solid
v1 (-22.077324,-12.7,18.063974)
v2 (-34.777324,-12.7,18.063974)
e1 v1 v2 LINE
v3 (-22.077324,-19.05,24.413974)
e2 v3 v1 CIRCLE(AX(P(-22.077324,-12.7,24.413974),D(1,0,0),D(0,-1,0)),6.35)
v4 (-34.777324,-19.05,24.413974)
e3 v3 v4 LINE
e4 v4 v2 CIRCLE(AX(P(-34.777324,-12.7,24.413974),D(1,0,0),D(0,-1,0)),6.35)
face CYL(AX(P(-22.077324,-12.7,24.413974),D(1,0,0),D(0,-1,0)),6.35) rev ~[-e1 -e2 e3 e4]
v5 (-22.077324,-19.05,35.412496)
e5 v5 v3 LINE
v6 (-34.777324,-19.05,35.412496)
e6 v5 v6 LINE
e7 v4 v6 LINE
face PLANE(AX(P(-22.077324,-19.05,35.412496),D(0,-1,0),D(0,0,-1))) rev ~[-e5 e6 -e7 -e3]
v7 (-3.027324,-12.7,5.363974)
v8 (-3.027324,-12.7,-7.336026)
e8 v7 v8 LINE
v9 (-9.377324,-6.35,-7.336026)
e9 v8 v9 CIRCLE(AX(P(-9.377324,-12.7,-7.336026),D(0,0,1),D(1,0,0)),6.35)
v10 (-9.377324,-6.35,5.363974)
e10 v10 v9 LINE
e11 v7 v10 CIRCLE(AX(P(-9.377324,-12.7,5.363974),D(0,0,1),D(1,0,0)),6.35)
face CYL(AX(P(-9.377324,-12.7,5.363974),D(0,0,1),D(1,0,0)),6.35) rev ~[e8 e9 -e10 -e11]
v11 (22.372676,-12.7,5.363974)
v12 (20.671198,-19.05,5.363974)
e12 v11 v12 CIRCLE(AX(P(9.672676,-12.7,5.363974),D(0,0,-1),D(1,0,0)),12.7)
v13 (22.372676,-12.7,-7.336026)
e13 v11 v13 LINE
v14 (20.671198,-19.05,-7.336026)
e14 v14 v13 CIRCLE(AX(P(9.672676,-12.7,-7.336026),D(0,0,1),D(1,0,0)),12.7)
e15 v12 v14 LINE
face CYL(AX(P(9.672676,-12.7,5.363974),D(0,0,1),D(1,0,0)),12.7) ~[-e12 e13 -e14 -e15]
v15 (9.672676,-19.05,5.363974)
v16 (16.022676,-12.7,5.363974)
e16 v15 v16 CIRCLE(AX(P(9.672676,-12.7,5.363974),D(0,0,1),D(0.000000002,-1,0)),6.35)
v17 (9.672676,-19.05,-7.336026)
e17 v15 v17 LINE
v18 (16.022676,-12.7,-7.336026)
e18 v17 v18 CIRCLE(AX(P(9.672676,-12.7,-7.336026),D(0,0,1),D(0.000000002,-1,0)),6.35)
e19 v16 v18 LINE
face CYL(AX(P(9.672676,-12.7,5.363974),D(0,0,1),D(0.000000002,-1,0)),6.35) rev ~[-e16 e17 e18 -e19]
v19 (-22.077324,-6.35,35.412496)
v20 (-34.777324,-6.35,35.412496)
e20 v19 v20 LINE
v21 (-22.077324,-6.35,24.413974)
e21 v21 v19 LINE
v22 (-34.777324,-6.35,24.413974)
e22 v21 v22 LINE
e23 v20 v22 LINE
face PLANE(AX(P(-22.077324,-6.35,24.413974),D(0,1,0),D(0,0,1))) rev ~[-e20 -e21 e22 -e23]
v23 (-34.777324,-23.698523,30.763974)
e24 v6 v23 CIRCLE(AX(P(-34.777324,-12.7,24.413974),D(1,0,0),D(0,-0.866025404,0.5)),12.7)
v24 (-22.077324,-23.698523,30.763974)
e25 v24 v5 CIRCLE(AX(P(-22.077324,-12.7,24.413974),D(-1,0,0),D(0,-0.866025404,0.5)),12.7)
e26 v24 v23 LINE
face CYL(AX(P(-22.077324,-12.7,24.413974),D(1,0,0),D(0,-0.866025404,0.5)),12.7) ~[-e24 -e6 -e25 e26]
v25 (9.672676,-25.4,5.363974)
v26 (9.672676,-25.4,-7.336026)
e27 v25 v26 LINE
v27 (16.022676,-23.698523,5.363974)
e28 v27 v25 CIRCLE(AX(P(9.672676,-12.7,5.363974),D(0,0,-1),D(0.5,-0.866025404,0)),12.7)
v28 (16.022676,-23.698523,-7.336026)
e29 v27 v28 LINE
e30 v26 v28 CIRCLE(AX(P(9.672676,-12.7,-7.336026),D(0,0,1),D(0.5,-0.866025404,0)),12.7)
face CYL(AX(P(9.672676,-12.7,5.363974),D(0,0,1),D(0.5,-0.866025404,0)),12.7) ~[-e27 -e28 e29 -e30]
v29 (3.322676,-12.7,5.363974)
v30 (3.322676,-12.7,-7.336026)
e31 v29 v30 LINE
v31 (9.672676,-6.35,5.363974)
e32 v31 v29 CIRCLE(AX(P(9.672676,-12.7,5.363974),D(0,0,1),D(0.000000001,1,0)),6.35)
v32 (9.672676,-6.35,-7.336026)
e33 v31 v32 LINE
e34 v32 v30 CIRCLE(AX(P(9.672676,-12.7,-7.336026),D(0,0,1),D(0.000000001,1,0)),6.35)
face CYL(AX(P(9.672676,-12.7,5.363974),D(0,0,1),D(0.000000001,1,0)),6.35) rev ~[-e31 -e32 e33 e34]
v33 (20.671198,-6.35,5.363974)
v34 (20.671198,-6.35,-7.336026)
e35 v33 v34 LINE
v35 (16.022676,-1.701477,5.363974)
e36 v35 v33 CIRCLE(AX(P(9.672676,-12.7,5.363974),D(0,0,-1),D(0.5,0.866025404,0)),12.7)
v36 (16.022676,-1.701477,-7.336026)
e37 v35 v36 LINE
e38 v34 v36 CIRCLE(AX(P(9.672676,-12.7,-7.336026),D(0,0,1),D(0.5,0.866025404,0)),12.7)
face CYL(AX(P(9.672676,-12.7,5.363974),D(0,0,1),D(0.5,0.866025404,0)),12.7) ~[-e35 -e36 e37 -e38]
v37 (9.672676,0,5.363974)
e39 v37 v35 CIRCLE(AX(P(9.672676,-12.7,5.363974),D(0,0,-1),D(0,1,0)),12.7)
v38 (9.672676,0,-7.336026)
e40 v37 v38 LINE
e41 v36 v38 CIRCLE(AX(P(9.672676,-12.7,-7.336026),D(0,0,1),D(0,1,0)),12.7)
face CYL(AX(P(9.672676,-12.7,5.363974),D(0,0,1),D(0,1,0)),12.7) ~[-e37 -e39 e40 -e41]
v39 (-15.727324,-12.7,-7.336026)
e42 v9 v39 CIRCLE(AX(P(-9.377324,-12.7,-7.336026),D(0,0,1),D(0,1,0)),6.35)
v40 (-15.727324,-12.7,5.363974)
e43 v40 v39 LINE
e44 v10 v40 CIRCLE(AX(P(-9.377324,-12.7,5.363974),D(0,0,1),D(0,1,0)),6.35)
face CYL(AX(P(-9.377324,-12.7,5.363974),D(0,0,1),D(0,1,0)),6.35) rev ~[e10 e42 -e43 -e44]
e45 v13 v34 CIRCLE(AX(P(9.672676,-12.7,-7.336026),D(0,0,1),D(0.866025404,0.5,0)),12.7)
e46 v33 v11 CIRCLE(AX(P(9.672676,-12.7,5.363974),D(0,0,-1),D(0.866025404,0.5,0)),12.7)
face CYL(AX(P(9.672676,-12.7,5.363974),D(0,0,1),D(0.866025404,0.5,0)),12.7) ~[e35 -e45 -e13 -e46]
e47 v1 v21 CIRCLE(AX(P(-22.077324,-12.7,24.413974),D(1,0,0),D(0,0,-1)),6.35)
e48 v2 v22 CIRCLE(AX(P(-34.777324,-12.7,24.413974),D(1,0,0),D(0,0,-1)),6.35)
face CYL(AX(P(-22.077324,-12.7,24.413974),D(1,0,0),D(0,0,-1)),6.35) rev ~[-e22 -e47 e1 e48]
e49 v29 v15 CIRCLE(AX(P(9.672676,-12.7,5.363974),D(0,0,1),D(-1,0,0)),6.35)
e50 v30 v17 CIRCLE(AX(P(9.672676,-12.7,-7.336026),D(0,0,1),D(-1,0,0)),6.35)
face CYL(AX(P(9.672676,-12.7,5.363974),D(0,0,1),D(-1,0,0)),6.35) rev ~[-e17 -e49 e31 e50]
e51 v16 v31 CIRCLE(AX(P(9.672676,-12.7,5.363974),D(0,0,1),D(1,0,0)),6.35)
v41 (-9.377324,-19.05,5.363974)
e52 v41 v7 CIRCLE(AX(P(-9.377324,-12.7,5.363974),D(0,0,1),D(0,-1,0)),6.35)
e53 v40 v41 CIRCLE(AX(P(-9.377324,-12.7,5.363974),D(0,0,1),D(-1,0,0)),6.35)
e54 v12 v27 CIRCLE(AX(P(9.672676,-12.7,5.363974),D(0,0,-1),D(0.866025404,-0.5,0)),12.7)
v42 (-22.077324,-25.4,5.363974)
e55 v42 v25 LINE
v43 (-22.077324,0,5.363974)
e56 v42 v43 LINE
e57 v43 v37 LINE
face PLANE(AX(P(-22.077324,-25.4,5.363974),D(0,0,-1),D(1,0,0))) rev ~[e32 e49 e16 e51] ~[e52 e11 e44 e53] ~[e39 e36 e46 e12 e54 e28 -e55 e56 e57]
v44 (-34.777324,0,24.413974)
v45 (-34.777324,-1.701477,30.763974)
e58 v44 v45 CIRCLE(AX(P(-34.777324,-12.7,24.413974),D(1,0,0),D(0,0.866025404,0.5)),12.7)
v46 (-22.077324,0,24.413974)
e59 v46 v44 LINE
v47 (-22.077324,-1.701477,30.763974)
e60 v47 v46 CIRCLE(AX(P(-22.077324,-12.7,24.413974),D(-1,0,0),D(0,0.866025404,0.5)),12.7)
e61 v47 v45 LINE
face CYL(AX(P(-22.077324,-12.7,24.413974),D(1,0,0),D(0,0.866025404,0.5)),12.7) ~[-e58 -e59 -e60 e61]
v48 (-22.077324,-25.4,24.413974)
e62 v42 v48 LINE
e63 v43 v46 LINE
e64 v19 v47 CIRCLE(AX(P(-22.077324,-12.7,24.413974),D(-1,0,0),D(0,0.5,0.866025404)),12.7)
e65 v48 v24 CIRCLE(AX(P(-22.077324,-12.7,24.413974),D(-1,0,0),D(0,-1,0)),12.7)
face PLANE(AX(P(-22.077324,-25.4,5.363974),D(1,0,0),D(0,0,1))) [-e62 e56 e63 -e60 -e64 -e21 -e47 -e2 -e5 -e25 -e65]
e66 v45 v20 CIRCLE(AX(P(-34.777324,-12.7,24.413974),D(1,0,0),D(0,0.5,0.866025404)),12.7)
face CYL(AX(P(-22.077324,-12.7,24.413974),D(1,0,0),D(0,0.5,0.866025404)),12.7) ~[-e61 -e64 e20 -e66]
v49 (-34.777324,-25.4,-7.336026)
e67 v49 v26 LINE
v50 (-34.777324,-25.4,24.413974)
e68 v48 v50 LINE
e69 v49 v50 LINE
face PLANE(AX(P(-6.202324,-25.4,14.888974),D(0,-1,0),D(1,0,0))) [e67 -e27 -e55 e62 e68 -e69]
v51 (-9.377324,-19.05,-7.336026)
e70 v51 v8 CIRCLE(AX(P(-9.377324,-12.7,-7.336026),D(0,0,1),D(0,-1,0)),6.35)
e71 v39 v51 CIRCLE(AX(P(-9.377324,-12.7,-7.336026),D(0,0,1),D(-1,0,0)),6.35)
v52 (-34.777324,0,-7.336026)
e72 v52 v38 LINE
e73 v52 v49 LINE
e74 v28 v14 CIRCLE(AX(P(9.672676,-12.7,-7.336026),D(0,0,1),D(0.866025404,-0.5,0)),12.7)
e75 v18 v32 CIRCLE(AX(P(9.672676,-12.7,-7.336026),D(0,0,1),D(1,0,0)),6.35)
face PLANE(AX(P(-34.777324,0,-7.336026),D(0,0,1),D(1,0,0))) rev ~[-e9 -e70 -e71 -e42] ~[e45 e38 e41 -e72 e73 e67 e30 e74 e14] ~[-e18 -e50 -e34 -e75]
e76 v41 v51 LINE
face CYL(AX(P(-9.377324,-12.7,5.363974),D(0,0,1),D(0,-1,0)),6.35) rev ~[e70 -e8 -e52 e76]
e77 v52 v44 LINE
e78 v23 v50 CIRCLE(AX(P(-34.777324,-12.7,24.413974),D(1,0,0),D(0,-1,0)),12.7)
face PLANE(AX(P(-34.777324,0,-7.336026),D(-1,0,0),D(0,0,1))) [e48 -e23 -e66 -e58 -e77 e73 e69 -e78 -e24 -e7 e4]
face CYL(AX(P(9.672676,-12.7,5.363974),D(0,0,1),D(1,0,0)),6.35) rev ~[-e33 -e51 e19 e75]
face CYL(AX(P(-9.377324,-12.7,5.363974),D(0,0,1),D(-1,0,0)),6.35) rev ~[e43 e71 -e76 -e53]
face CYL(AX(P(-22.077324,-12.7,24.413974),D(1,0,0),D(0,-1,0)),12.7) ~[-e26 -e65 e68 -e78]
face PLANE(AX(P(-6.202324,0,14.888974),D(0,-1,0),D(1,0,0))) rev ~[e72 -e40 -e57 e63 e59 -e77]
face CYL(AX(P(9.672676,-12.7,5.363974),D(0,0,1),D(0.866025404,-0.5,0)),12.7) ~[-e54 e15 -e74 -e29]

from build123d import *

# Parameters (mm, degrees)
F0_W     = 57.15
F0_H     = 44.45
F1_DEPTH = 25.4
F2_W     = 44.45
F2_H     = 31.75
F3_DEPTH = 25.401
F5_DEPTH = 12.701
F7_DEPTH = 25.4


with BuildPart() as f1:
    # F0 (on Front) → F1 (new body)
    with BuildSketch(Plane.XZ):
        with Locations((-6.2023242936, 14.8889736688)):
            Rectangle(F0_W, F0_H)
    extrude(amount=F1_DEPTH)

    # F2 (on face) → F3 (cut, through all)
    with BuildSketch(Plane.XZ.offset(25.4)):
        with Locations((0.1476757064, 21.2389736688)):
            Rectangle(F2_W, F2_H)
    extrude(amount=-F3_DEPTH, mode=Mode.SUBTRACT)

    # F4 (on face) → F5 (cut, through all)
    with BuildSketch(Plane.XY.offset(5.3639736688)):
        with BuildLine():
            ThreePointArc((16.0226757064, -12.7), (14.1628037685, -8.209871941), (9.6726757108, -6.35))
            Line((9.6726757064, -6.35), (9.6726757064, -12.7))
            Line((9.6726757064, -12.7), (9.6726757064, -19.05))
            ThreePointArc((9.6726757179, -19.05), (14.162803771, -17.1901280565), (16.0226757064, -12.7))
        make_face()
        with BuildLine():
            ThreePointArc((9.6726757108, -6.35), (5.1825476475, -8.2098719379), (3.3226757064, -12.7))
            ThreePointArc((3.3226757064, -12.7), (5.18254765, -17.1901280646), (9.6726757179, -19.05))
            Line((9.6726757064, -19.05), (9.6726757064, -12.7))
            Line((9.6726757064, -12.7), (9.6726757064, -6.35))
        make_face()
        with BuildLine():
            ThreePointArc((-9.3773242936, -6.35), (-13.8674523541, -8.2098719395), (-15.7273242936, -12.7))
            ThreePointArc((-15.7273242936, -12.7), (-13.8674523541, -17.1901280605), (-9.3773242936, -19.05))
            ThreePointArc((-9.3773242936, -19.05), (-4.887196233, -17.1901280605), (-3.0273242936, -12.7))
            ThreePointArc((-3.0273242936, -12.7), (-4.887196233, -8.2098719395), (-9.3773242936, -6.35))
        make_face()
        with BuildLine():
            Line((16.0226757064, 0), (16.0226757064, -1.7014773719))
            ThreePointArc((16.0226757064, -1.7014773719), (18.6529318275, -3.7197438789), (20.6711983345, -6.35))
            Line((20.6711983345, -6.35), (22.3726757064, -6.35))
            Line((22.3726757064, -6.35), (22.3726757064, 0))
            Line((22.3726757064, 0), (16.0226757064, 0))
        make_face()
        with BuildLine():
            Line((16.0226757064, 0), (9.6726757064, 0))
            ThreePointArc((9.6726757064, 0), (12.9596775792, -0.4327420061), (16.0226757064, -1.7014773719))
            Line((16.0226757064, -1.7014773719), (16.0226757064, 0))
        make_face()
        with BuildLine():
            Line((22.3726757064, -6.35), (20.6711983345, -6.35))
            ThreePointArc((20.6711983345, -6.35), (21.9399337003, -9.4129981272), (22.3726757064, -12.7))
            Line((22.3726757064, -12.7), (22.3726757064, -6.35))
        make_face()
        with BuildLine():
            Line((22.3726757064, -19.05), (22.3726757064, -12.7))
            ThreePointArc((22.3726757064, -12.7), (21.9399337003, -15.9870018728), (20.6711983345, -19.05))
            Line((20.6711983345, -19.05), (22.3726757064, -19.05))
        make_face()
        with BuildLine():
            ThreePointArc((20.6711983345, -19.05), (18.6529318275, -21.6802561211), (16.0226757064, -23.6985226281))
            Line((16.0226757064, -23.6985226281), (16.0226757064, -25.4))
            Line((16.0226757064, -25.4), (22.3726757064, -25.4))
            Line((22.3726757064, -25.4), (22.3726757064, -19.05))
            Line((22.3726757064, -19.05), (20.6711983345, -19.05))
        make_face()
        with BuildLine():
            ThreePointArc((16.0226757064, -23.6985226281), (12.9596775792, -24.9672579939), (9.6726757064, -25.4))
            Line((9.6726757064, -25.4), (16.0226757064, -25.4))
            Line((16.0226757064, -25.4), (16.0226757064, -23.6985226281))
        make_face()
    extrude(amount=-F5_DEPTH, mode=Mode.SUBTRACT)

    # F6 (on face) → F7 (cut)
    with BuildSketch(Plane.YZ.offset(-22.0773242936)):
        with BuildLine():
            Line((-19.05, 30.7639736688), (-19.05, 24.4139736688))
            ThreePointArc((-19.05, 24.4139736688), (-17.1901280605, 28.9041017294), (-12.7, 30.7639736688))
            Line((-12.7, 30.7639736688), (-19.05, 30.7639736688))
        make_face()
        with BuildLine():
            Line((-6.35, 30.7639736688), (-12.7, 30.7639736688))
            ThreePointArc((-12.7, 30.7639736688), (-8.2098719395, 28.9041017294), (-6.35, 24.4139736688))
            Line((-6.35, 24.4139736688), (-6.35, 30.7639736688))
        make_face()
        with BuildLine():
            ThreePointArc((-12.7, 30.7639736688), (-17.1901280605, 28.9041017294), (-19.05, 24.4139736688))
            Line((-19.05, 24.4139736688), (-12.7, 24.4139736688))
            Line((-12.7, 24.4139736688), (-6.35, 24.4139736688))
            ThreePointArc((-6.35, 24.4139736688), (-8.2098719395, 28.9041017294), (-12.7, 30.7639736688))
        make_face()
        with BuildLine():
            Line((-19.05, 35.4124962969), (-19.05, 30.7639736688))
            Line((-19.05, 30.7639736688), (-12.7, 30.7639736688))
            Line((-12.7, 30.7639736688), (-6.35, 30.7639736688))
            Line((-6.35, 30.7639736688), (-6.35, 35.4124962969))
            ThreePointArc((-6.35, 35.4124962969), (-9.4129981272, 36.6812316627), (-12.7, 37.1139736688))
            ThreePointArc((-12.7, 37.1139736688), (-15.9870018728, 36.6812316627), (-19.05, 35.4124962969))
        make_face()
        with BuildLine():
            ThreePointArc((-23.6985226281, 30.7639736688), (-21.6802561211, 33.3942297899), (-19.05, 35.4124962969))
            Line((-19.05, 35.4124962969), (-19.05, 37.1139736688))
            Line((-19.05, 37.1139736688), (-25.4, 37.1139736688))
            Line((-25.4, 37.1139736688), (-25.4, 30.7639736688))
            Line((-25.4, 30.7639736688), (-23.6985226281, 30.7639736688))
        make_face()
        with BuildLine():
            ThreePointArc((-1.7014773719, 30.7639736688), (-0.4327420061, 27.7009755416), (0, 24.4139736688))
            Line((0, 24.4139736688), (0, 30.7639736688))
            Line((0, 30.7639736688), (-1.7014773719, 30.7639736688))
        make_face()
        with BuildLine():
            Line((-25.4, 30.7639736688), (-25.4, 24.4139736688))
            ThreePointArc((-25.4, 24.4139736688), (-24.9672579939, 27.7009755416), (-23.6985226281, 30.7639736688))
            Line((-23.6985226281, 30.7639736688), (-25.4, 30.7639736688))
        make_face()
        with BuildLine():
            Line((-19.05, 37.1139736688), (-19.05, 35.4124962969))
            ThreePointArc((-19.05, 35.4124962969), (-15.9870018728, 36.6812316627), (-12.7, 37.1139736688))
            Line((-12.7, 37.1139736688), (-19.05, 37.1139736688))
        make_face()
        with BuildLine():
            Line((-6.35, 37.1139736688), (-12.7, 37.1139736688))
            ThreePointArc((-12.7, 37.1139736688), (-9.4129981272, 36.6812316627), (-6.35, 35.4124962969))
            Line((-6.35, 35.4124962969), (-6.35, 37.1139736688))
        make_face()
        with BuildLine():
            Line((-6.35, 37.1139736688), (-6.35, 35.4124962969))
            ThreePointArc((-6.35, 35.4124962969), (-3.7197438789, 33.3942297899), (-1.7014773719, 30.7639736688))
            Line((-1.7014773719, 30.7639736688), (0, 30.7639736688))
            Line((0, 30.7639736688), (0, 37.1139736688))
            Line((0, 37.1139736688), (-6.35, 37.1139736688))
        make_face()
        with BuildLine():
            Line((-12.7, 24.4139736688), (-19.05, 24.4139736688))
            ThreePointArc((-19.05, 24.4139736688), (-17.1901280605, 19.9238456083), (-12.7, 18.0639736688))
            ThreePointArc((-12.7, 18.0639736688), (-8.2098719395, 19.9238456083), (-6.35, 24.4139736688))
            Line((-6.35, 24.4139736688), (-12.7, 24.4139736688))
        make_face()
    extrude(amount=-F7_DEPTH, mode=Mode.SUBTRACT)


solid = f1.part
